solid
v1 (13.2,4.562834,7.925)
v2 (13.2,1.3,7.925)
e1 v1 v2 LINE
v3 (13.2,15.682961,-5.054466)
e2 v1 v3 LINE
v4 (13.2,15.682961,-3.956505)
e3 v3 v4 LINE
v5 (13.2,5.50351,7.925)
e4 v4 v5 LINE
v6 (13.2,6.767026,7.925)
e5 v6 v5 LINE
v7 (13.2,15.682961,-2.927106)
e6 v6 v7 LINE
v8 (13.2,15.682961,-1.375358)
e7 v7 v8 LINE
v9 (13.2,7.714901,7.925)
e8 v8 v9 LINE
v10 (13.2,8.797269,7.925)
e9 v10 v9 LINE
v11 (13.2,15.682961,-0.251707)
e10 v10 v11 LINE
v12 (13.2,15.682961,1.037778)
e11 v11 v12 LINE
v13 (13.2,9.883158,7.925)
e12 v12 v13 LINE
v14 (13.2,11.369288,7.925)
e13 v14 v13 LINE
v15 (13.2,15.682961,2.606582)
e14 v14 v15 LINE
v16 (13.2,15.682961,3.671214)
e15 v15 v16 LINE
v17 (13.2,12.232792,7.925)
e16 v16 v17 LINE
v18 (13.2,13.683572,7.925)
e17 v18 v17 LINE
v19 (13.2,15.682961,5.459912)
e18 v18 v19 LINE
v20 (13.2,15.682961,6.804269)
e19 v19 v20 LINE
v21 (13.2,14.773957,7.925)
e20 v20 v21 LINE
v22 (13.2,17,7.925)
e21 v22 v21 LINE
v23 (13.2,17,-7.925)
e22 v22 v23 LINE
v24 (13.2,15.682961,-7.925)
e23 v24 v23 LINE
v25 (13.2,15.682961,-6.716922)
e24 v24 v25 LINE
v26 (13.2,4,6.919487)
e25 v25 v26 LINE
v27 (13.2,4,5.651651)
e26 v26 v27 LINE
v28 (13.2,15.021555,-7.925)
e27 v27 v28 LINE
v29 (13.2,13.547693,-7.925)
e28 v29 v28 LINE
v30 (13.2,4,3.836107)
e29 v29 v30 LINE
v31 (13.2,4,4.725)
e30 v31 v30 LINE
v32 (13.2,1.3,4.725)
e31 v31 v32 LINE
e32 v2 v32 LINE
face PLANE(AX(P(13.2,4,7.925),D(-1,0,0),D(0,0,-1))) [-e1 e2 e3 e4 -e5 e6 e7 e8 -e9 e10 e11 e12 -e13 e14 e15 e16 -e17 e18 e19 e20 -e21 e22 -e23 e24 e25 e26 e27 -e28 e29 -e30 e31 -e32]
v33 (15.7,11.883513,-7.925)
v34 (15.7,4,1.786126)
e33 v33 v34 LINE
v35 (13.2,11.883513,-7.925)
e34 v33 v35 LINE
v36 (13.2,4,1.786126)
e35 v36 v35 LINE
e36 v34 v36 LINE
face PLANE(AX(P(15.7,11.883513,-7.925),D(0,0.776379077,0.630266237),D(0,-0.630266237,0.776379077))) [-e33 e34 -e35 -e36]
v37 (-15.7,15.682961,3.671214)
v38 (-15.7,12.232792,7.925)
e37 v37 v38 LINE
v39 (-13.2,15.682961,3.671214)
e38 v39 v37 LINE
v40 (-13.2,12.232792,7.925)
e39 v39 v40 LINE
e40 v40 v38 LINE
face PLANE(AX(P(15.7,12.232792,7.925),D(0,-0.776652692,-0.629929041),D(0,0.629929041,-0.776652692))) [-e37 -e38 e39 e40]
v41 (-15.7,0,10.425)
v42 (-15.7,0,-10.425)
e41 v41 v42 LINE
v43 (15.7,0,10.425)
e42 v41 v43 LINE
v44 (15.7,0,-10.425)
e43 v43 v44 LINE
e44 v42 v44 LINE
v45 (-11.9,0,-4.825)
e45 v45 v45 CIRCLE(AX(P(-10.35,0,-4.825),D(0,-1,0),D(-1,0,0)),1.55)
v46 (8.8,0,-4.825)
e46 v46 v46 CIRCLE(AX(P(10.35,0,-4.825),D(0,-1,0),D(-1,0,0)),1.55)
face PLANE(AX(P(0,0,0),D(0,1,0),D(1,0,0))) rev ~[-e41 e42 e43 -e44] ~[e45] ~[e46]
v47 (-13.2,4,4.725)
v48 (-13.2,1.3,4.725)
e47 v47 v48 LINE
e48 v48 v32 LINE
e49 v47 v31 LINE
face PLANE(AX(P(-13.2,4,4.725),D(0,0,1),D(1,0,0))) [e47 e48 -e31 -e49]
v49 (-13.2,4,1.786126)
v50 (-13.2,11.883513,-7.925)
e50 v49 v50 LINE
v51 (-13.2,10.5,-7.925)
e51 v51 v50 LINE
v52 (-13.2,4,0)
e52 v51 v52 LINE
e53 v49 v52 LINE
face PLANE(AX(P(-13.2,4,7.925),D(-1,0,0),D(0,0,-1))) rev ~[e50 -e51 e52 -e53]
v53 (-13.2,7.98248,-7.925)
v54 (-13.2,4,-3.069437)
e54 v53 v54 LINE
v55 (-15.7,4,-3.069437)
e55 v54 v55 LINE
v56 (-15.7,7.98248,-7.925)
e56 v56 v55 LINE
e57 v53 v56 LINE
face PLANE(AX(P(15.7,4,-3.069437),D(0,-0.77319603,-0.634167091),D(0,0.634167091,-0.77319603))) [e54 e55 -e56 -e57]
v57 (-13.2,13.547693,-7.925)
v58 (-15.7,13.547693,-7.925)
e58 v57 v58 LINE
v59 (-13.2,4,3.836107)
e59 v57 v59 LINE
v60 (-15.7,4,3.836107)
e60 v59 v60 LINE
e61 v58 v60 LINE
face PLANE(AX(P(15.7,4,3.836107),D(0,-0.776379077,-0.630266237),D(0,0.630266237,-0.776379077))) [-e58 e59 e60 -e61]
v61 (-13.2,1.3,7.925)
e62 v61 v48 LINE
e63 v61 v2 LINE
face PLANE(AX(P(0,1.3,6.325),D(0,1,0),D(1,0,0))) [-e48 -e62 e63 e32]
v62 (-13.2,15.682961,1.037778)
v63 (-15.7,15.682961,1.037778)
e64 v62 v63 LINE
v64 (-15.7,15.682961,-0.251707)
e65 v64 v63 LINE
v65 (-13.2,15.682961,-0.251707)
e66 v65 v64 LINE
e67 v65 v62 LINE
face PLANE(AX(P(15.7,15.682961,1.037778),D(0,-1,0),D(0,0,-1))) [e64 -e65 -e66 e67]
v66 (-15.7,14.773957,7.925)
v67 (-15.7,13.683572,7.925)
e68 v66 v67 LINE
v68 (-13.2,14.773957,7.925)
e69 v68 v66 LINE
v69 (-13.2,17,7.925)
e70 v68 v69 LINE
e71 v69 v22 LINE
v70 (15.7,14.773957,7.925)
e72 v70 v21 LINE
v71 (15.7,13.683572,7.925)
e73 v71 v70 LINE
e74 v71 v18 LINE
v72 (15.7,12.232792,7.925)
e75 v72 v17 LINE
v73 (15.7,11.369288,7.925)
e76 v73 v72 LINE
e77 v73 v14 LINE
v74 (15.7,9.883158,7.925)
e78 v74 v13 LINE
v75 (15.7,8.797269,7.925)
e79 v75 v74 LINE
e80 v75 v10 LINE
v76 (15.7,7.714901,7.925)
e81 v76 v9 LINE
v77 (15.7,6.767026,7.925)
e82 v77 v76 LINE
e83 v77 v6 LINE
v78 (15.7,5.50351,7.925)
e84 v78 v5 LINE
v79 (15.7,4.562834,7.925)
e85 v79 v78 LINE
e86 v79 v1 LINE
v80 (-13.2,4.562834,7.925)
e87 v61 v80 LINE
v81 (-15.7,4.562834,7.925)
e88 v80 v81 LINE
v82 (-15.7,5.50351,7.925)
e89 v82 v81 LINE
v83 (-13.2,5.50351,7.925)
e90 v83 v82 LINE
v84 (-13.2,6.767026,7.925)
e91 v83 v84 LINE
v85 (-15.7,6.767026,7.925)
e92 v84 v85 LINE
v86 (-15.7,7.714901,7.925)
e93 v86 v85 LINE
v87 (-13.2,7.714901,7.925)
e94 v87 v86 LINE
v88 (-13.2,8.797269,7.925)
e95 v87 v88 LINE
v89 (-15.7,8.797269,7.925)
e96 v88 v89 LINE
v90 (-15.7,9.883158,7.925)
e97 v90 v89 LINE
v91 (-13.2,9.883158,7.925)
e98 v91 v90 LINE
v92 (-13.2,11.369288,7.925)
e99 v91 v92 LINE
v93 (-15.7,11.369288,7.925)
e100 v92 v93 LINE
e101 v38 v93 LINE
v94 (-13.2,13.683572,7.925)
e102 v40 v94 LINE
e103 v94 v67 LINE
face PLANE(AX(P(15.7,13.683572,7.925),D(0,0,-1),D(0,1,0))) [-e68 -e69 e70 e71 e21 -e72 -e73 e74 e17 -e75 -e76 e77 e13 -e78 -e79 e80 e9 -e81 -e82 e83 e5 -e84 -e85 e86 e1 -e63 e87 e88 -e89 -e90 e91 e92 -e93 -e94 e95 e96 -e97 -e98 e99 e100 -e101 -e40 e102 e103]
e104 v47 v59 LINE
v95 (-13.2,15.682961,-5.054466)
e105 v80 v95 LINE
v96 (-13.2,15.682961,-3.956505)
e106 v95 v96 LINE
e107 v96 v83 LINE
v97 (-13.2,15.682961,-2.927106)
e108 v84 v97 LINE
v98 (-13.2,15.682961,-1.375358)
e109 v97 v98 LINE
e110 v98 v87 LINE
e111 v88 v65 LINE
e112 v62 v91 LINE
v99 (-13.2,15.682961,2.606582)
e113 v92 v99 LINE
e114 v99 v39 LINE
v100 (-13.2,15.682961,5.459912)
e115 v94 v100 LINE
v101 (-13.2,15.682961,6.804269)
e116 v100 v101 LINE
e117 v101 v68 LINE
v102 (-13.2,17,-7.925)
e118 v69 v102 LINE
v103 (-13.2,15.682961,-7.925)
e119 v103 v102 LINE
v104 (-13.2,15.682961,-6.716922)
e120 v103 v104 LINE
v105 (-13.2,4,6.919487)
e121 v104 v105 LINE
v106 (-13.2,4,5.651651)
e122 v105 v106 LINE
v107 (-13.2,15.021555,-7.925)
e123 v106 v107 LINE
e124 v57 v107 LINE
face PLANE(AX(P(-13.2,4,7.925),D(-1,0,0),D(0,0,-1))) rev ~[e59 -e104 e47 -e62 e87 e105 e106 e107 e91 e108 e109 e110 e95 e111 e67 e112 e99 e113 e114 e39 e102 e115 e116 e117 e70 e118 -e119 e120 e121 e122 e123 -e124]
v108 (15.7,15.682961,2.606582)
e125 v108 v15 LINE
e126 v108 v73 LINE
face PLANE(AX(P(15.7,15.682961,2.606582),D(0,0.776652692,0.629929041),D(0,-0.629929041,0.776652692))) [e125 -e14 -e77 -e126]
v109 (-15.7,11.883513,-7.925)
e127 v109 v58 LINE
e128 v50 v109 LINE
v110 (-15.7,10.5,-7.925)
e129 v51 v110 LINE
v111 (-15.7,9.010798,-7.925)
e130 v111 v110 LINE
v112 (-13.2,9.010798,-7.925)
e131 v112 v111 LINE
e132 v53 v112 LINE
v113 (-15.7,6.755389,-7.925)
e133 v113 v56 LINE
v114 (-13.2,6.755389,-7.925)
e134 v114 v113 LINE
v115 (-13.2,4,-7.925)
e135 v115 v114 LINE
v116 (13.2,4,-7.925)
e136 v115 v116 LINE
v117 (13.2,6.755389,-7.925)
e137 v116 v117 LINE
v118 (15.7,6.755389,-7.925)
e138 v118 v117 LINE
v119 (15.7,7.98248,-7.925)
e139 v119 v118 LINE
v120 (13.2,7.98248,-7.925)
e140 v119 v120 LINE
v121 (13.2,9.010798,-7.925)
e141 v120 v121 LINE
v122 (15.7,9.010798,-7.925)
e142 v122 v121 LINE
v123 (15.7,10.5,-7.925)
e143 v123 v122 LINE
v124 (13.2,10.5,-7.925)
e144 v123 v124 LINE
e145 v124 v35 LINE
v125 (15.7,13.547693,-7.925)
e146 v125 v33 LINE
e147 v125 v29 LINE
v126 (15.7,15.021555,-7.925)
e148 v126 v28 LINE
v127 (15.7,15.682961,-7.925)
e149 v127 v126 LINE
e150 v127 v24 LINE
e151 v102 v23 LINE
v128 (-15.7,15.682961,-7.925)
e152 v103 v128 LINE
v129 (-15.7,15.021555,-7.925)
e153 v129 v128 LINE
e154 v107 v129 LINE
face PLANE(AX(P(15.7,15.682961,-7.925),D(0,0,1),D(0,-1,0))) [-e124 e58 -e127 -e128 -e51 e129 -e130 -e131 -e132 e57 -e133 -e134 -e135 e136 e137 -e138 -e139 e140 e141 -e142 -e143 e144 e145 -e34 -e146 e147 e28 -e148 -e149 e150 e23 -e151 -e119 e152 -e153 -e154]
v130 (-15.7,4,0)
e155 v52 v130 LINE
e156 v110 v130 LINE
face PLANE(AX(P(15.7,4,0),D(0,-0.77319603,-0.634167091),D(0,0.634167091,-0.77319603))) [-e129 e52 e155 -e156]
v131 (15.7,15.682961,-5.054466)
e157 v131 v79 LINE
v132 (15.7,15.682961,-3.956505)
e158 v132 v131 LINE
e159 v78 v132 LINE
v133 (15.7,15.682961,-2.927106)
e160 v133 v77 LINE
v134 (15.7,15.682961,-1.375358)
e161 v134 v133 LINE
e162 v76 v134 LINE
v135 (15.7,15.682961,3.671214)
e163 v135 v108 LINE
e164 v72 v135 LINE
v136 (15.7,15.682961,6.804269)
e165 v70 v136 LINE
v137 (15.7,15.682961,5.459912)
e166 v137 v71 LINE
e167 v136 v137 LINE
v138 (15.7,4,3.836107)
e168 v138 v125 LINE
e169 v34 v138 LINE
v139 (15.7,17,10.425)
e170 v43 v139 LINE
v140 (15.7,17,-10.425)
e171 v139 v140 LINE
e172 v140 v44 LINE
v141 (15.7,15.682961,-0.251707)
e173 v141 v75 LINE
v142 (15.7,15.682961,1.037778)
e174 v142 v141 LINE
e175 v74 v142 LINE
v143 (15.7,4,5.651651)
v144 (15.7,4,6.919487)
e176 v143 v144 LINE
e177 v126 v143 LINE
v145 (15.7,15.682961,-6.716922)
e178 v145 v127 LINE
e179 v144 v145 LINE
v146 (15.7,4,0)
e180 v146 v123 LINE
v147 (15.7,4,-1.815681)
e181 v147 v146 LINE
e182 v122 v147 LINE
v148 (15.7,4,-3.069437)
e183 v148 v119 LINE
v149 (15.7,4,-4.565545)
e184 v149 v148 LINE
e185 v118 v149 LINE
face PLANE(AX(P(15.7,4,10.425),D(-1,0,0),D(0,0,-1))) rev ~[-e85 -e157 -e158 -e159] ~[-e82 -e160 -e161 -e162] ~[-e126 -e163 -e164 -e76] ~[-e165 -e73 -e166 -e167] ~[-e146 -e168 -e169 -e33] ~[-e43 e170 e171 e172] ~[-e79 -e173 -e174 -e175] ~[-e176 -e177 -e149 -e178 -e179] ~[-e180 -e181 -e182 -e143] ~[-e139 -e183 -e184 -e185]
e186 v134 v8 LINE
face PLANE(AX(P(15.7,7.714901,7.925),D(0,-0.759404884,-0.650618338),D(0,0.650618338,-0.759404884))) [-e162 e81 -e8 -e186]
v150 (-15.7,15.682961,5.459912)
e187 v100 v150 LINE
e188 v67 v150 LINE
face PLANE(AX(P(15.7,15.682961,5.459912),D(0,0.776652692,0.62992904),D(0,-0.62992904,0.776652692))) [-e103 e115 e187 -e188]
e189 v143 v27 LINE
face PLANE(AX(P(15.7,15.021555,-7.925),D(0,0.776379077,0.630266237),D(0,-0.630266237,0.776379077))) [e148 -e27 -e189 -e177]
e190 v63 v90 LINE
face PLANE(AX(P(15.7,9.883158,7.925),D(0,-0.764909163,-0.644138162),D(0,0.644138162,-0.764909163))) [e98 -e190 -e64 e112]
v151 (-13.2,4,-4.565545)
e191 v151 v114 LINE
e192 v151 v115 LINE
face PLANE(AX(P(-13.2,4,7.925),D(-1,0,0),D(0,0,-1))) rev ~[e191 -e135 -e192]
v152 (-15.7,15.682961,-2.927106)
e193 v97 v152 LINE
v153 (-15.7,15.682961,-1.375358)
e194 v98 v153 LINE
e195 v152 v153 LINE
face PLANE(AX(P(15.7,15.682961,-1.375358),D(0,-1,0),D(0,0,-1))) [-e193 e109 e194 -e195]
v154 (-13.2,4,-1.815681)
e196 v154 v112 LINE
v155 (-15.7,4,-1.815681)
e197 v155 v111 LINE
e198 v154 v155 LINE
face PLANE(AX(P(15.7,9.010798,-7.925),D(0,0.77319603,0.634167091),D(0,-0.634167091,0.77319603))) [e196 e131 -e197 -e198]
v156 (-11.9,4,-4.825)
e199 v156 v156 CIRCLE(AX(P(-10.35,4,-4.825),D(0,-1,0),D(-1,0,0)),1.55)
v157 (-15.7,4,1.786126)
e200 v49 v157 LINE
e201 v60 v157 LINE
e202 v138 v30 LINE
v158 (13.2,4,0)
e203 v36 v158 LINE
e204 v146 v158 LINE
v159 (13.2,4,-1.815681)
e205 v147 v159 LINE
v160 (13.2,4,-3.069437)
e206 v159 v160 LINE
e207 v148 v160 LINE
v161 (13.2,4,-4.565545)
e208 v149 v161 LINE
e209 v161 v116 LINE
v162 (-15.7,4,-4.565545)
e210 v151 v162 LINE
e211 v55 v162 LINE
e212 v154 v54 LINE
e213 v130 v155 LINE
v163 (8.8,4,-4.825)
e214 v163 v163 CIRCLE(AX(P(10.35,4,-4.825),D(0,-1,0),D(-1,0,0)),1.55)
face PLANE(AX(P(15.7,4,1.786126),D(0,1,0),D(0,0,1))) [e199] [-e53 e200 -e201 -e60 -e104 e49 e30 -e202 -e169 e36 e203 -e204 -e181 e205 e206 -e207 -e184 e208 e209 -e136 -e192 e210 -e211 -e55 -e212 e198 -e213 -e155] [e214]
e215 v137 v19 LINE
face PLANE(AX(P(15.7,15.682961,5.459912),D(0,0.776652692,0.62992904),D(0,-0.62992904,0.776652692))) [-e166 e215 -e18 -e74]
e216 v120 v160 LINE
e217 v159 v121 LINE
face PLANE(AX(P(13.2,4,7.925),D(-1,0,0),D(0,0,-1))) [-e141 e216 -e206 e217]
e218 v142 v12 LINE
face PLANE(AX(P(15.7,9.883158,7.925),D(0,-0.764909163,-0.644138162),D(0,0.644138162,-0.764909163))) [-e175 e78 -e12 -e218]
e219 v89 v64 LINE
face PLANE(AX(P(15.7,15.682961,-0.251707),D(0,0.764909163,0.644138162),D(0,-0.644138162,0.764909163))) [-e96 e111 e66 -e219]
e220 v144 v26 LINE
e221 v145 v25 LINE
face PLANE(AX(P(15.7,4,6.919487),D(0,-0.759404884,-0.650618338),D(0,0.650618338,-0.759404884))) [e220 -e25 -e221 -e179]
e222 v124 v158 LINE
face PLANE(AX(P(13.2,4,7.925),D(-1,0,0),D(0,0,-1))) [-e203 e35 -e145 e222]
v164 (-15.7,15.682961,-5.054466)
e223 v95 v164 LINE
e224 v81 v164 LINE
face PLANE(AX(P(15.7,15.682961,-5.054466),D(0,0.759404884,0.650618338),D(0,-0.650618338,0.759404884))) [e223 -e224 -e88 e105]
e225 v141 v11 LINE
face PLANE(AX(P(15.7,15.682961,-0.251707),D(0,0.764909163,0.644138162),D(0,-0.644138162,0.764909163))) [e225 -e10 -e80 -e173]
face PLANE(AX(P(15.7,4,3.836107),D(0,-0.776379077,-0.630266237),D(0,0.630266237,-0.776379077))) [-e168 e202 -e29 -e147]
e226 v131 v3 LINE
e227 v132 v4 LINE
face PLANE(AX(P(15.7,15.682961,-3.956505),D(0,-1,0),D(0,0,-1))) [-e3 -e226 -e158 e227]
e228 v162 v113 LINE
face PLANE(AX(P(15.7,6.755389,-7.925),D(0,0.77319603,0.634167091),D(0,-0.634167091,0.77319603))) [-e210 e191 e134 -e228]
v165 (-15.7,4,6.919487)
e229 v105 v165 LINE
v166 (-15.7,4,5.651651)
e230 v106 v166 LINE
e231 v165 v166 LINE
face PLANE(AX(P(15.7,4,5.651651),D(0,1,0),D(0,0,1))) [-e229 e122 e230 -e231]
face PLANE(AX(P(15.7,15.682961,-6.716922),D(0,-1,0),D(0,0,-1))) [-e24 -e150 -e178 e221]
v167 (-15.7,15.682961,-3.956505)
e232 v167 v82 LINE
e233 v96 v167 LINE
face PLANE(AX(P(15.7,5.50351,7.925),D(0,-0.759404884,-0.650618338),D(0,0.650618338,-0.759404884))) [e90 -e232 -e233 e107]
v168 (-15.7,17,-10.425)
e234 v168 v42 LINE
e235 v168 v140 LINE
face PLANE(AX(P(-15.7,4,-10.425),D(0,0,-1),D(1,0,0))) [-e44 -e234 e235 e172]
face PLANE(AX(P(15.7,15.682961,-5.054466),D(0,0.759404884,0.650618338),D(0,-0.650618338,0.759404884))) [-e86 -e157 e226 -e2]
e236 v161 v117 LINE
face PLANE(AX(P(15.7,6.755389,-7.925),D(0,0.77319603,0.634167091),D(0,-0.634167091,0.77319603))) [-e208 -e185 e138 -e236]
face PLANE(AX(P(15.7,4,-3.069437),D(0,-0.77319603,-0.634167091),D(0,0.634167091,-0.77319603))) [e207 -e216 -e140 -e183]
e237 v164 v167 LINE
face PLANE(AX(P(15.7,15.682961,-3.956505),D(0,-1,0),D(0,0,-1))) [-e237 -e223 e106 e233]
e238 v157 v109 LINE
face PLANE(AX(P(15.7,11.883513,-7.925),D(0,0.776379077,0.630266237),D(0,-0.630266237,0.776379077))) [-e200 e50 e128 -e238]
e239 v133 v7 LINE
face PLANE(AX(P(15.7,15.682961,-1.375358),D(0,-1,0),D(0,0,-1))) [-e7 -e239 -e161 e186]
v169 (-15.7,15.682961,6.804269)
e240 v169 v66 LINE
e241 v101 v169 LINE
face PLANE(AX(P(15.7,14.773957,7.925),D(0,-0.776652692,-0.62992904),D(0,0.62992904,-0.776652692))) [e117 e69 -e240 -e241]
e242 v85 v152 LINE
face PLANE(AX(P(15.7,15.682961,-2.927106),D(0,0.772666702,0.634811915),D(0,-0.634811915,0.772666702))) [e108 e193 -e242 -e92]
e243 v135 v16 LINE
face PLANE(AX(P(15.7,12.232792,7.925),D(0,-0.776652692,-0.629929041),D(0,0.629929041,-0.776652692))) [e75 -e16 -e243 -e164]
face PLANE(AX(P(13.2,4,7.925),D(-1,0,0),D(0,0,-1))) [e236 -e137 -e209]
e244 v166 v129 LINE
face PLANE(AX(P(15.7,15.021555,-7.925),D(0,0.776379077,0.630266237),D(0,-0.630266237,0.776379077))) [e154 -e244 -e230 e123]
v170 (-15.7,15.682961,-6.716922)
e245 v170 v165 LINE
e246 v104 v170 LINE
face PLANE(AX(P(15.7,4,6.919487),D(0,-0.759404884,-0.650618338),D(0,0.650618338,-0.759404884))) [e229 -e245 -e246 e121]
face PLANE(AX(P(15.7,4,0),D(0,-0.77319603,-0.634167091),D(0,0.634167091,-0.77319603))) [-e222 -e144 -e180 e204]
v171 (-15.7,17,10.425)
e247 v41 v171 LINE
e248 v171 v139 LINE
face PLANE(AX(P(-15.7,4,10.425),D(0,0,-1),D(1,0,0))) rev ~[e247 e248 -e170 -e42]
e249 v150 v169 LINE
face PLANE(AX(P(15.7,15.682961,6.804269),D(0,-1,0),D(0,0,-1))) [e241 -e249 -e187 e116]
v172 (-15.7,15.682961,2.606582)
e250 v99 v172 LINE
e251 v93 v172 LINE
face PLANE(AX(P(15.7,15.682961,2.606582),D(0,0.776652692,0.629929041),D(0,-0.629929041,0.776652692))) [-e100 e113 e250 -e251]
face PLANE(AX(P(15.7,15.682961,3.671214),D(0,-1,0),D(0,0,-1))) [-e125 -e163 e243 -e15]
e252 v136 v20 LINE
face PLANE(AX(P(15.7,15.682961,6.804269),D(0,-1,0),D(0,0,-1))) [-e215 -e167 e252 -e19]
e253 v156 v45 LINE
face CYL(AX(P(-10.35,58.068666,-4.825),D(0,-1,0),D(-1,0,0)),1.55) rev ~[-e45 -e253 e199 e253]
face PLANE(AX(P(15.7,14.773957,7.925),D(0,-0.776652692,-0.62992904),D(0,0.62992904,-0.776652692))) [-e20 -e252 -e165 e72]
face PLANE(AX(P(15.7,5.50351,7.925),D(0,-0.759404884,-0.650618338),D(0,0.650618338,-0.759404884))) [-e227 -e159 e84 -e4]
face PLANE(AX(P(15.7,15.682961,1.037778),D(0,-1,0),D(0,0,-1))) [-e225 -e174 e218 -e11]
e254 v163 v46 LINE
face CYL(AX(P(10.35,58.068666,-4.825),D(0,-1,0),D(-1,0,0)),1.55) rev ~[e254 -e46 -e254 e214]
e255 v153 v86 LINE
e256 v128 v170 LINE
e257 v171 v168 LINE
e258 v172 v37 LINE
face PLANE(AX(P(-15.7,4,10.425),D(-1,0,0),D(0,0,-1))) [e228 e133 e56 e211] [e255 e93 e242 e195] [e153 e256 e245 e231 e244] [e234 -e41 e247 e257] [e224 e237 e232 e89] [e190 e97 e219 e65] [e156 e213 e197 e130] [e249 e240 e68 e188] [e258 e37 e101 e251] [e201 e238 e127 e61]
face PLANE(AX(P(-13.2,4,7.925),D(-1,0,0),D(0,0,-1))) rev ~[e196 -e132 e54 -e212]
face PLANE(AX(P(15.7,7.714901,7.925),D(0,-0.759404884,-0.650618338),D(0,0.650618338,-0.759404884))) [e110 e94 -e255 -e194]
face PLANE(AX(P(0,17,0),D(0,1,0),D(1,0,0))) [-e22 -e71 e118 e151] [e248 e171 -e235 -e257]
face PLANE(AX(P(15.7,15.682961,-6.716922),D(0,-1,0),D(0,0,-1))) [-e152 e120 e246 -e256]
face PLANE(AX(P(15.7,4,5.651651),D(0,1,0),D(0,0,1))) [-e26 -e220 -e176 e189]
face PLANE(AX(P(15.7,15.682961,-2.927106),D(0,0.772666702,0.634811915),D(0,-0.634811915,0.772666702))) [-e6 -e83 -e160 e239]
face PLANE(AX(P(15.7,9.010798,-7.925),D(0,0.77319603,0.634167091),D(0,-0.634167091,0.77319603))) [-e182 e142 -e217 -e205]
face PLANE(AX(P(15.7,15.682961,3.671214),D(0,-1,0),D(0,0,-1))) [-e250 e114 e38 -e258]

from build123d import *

# Parameters (mm, degrees)
SKETCH1_W                 = 31.4
SKETCH1_H                 = 20.85
SKETCH1_W_2               = 26.4
SKETCH1_H_2               = 15.85
BOSS_EXTRUDE1_DEPTH       = 4
BOSS_EXTRUDE2_START       = 4
SKETCH1_3_W               = 31.4
SKETCH1_3_H               = 20.85
SKETCH1_3_W_2             = 26.4
SKETCH1_3_H_2             = 15.85
BOSS_EXTRUDE2_DEPTH       = 13
SKETCH2_W                 = 26.4
SKETCH2_H                 = 3.2
CUT_EXTRUDE1_DEPTH        = 2.7
CUT_EXTRUDE3_DEPTH        = 47.7
F_1_0MM_DOWEL_HOLE1_D     = 3.1
F_1_0MM_DOWEL_HOLE1_DEPTH = 54.068666041
F_1_0MM_DOWEL_HOLE1_TIP   = 0.931333959


with BuildPart() as part:
    # Sketch1 → Boss-Extrude1 (new body)
    # profile 1 of 2: a face of its own
    with BuildSketch(Plane(origin=(0, 0, 0), x_dir=(1, 0, 0), z_dir=(0, 1, 0))):
        Rectangle(SKETCH1_W, SKETCH1_H)
        Rectangle(SKETCH1_W_2, SKETCH1_H_2, mode=Mode.SUBTRACT)
    # profile 2 of 2: a face of its own
    with BuildSketch(Plane(origin=(0, 0, 0), x_dir=(1, 0, 0), z_dir=(0, 1, 0))):
        Rectangle(SKETCH1_W_2, SKETCH1_H_2)
    extrude(amount=BOSS_EXTRUDE1_DEPTH)

    # Sketch1<3> → Boss-Extrude2 (add)
    with BuildSketch(Plane(origin=(0, 0, 0), x_dir=(1, 0, 0), z_dir=(0, 1, 0)).offset(BOSS_EXTRUDE2_START)):
        Rectangle(SKETCH1_3_W, SKETCH1_3_H)
        Rectangle(SKETCH1_3_W_2, SKETCH1_3_H_2, mode=Mode.SUBTRACT)
    extrude(amount=BOSS_EXTRUDE2_DEPTH)

    # Sketch2 → Cut-Extrude1 (cut)
    with BuildSketch(Plane(origin=(0, 4, 0), x_dir=(1, 0, 0), z_dir=(0, 1, 0))):
        with Locations((0, -6.325)):
            Rectangle(SKETCH2_W, SKETCH2_H)
    extrude(amount=-CUT_EXTRUDE1_DEPTH, mode=Mode.SUBTRACT)

    # Sketch3 → Cut-Extrude3 (cut)
    with BuildSketch(Plane(origin=(15.7, 0, 0), x_dir=(0, 0, -1), z_dir=(1, 0, 0))):
        Polygon((-6.804269328, 15.68296106), (-5.459911982, 15.68296106), (-7.925, 13.683572471), (-7.925, 14.773956554), align=None)
        Polygon((-3.671214098, 15.68296106), (-2.606582105, 15.68296106), (-7.925, 11.369287886), (-7.925, 12.232791762), align=None)
        Polygon((-1.037778428, 15.68296106), (0.25170719, 15.68296106), (-7.925, 8.797268756), (-7.925, 9.883158343), align=None)
        Polygon((1.375357987, 15.68296106), (2.927105978, 15.68296106), (-7.925, 6.767025954), (-7.925, 7.714901357), align=None)
        Polygon((3.956505154, 15.68296106), (5.054465963, 15.68296106), (-7.925, 4.562834301), (-7.925, 5.503509627), align=None)
        Polygon((6.716922224, 15.68296106), (7.925, 15.68296106), (7.925, 15.021555077), (-5.65165104, 4), (-6.919486669, 4), align=None)
        Polygon((7.925, 11.883512977), (-1.786125509, 4), (-3.836107122, 4), (7.925, 13.547692544), align=None)
        Polygon((1.815680904, 4), (0, 4), (7.925, 10.5), (7.925, 9.010797996), align=None)
        Polygon((4.565545231, 4), (3.069437246, 4), (7.925, 7.982480493), (7.925, 6.755388769), align=None)
    extrude(amount=-CUT_EXTRUDE3_DEPTH, mode=Mode.SUBTRACT)

    # Ø1.0mm Dowel Hole1
    with Locations(Plane(origin=(0, 4, 0), x_dir=(1, 0, 0), z_dir=(0, 1, 0))):
        with Locations((-10.35, 4.825), (10.35, 4.825)):
            Hole(F_1_0MM_DOWEL_HOLE1_D / 2, depth=F_1_0MM_DOWEL_HOLE1_DEPTH)
            with Locations((0, 0, -(F_1_0MM_DOWEL_HOLE1_DEPTH + F_1_0MM_DOWEL_HOLE1_TIP / 2))):  # 118° drill point
                Cone(0, F_1_0MM_DOWEL_HOLE1_D / 2, F_1_0MM_DOWEL_HOLE1_TIP, mode=Mode.SUBTRACT)


solid = part.part
